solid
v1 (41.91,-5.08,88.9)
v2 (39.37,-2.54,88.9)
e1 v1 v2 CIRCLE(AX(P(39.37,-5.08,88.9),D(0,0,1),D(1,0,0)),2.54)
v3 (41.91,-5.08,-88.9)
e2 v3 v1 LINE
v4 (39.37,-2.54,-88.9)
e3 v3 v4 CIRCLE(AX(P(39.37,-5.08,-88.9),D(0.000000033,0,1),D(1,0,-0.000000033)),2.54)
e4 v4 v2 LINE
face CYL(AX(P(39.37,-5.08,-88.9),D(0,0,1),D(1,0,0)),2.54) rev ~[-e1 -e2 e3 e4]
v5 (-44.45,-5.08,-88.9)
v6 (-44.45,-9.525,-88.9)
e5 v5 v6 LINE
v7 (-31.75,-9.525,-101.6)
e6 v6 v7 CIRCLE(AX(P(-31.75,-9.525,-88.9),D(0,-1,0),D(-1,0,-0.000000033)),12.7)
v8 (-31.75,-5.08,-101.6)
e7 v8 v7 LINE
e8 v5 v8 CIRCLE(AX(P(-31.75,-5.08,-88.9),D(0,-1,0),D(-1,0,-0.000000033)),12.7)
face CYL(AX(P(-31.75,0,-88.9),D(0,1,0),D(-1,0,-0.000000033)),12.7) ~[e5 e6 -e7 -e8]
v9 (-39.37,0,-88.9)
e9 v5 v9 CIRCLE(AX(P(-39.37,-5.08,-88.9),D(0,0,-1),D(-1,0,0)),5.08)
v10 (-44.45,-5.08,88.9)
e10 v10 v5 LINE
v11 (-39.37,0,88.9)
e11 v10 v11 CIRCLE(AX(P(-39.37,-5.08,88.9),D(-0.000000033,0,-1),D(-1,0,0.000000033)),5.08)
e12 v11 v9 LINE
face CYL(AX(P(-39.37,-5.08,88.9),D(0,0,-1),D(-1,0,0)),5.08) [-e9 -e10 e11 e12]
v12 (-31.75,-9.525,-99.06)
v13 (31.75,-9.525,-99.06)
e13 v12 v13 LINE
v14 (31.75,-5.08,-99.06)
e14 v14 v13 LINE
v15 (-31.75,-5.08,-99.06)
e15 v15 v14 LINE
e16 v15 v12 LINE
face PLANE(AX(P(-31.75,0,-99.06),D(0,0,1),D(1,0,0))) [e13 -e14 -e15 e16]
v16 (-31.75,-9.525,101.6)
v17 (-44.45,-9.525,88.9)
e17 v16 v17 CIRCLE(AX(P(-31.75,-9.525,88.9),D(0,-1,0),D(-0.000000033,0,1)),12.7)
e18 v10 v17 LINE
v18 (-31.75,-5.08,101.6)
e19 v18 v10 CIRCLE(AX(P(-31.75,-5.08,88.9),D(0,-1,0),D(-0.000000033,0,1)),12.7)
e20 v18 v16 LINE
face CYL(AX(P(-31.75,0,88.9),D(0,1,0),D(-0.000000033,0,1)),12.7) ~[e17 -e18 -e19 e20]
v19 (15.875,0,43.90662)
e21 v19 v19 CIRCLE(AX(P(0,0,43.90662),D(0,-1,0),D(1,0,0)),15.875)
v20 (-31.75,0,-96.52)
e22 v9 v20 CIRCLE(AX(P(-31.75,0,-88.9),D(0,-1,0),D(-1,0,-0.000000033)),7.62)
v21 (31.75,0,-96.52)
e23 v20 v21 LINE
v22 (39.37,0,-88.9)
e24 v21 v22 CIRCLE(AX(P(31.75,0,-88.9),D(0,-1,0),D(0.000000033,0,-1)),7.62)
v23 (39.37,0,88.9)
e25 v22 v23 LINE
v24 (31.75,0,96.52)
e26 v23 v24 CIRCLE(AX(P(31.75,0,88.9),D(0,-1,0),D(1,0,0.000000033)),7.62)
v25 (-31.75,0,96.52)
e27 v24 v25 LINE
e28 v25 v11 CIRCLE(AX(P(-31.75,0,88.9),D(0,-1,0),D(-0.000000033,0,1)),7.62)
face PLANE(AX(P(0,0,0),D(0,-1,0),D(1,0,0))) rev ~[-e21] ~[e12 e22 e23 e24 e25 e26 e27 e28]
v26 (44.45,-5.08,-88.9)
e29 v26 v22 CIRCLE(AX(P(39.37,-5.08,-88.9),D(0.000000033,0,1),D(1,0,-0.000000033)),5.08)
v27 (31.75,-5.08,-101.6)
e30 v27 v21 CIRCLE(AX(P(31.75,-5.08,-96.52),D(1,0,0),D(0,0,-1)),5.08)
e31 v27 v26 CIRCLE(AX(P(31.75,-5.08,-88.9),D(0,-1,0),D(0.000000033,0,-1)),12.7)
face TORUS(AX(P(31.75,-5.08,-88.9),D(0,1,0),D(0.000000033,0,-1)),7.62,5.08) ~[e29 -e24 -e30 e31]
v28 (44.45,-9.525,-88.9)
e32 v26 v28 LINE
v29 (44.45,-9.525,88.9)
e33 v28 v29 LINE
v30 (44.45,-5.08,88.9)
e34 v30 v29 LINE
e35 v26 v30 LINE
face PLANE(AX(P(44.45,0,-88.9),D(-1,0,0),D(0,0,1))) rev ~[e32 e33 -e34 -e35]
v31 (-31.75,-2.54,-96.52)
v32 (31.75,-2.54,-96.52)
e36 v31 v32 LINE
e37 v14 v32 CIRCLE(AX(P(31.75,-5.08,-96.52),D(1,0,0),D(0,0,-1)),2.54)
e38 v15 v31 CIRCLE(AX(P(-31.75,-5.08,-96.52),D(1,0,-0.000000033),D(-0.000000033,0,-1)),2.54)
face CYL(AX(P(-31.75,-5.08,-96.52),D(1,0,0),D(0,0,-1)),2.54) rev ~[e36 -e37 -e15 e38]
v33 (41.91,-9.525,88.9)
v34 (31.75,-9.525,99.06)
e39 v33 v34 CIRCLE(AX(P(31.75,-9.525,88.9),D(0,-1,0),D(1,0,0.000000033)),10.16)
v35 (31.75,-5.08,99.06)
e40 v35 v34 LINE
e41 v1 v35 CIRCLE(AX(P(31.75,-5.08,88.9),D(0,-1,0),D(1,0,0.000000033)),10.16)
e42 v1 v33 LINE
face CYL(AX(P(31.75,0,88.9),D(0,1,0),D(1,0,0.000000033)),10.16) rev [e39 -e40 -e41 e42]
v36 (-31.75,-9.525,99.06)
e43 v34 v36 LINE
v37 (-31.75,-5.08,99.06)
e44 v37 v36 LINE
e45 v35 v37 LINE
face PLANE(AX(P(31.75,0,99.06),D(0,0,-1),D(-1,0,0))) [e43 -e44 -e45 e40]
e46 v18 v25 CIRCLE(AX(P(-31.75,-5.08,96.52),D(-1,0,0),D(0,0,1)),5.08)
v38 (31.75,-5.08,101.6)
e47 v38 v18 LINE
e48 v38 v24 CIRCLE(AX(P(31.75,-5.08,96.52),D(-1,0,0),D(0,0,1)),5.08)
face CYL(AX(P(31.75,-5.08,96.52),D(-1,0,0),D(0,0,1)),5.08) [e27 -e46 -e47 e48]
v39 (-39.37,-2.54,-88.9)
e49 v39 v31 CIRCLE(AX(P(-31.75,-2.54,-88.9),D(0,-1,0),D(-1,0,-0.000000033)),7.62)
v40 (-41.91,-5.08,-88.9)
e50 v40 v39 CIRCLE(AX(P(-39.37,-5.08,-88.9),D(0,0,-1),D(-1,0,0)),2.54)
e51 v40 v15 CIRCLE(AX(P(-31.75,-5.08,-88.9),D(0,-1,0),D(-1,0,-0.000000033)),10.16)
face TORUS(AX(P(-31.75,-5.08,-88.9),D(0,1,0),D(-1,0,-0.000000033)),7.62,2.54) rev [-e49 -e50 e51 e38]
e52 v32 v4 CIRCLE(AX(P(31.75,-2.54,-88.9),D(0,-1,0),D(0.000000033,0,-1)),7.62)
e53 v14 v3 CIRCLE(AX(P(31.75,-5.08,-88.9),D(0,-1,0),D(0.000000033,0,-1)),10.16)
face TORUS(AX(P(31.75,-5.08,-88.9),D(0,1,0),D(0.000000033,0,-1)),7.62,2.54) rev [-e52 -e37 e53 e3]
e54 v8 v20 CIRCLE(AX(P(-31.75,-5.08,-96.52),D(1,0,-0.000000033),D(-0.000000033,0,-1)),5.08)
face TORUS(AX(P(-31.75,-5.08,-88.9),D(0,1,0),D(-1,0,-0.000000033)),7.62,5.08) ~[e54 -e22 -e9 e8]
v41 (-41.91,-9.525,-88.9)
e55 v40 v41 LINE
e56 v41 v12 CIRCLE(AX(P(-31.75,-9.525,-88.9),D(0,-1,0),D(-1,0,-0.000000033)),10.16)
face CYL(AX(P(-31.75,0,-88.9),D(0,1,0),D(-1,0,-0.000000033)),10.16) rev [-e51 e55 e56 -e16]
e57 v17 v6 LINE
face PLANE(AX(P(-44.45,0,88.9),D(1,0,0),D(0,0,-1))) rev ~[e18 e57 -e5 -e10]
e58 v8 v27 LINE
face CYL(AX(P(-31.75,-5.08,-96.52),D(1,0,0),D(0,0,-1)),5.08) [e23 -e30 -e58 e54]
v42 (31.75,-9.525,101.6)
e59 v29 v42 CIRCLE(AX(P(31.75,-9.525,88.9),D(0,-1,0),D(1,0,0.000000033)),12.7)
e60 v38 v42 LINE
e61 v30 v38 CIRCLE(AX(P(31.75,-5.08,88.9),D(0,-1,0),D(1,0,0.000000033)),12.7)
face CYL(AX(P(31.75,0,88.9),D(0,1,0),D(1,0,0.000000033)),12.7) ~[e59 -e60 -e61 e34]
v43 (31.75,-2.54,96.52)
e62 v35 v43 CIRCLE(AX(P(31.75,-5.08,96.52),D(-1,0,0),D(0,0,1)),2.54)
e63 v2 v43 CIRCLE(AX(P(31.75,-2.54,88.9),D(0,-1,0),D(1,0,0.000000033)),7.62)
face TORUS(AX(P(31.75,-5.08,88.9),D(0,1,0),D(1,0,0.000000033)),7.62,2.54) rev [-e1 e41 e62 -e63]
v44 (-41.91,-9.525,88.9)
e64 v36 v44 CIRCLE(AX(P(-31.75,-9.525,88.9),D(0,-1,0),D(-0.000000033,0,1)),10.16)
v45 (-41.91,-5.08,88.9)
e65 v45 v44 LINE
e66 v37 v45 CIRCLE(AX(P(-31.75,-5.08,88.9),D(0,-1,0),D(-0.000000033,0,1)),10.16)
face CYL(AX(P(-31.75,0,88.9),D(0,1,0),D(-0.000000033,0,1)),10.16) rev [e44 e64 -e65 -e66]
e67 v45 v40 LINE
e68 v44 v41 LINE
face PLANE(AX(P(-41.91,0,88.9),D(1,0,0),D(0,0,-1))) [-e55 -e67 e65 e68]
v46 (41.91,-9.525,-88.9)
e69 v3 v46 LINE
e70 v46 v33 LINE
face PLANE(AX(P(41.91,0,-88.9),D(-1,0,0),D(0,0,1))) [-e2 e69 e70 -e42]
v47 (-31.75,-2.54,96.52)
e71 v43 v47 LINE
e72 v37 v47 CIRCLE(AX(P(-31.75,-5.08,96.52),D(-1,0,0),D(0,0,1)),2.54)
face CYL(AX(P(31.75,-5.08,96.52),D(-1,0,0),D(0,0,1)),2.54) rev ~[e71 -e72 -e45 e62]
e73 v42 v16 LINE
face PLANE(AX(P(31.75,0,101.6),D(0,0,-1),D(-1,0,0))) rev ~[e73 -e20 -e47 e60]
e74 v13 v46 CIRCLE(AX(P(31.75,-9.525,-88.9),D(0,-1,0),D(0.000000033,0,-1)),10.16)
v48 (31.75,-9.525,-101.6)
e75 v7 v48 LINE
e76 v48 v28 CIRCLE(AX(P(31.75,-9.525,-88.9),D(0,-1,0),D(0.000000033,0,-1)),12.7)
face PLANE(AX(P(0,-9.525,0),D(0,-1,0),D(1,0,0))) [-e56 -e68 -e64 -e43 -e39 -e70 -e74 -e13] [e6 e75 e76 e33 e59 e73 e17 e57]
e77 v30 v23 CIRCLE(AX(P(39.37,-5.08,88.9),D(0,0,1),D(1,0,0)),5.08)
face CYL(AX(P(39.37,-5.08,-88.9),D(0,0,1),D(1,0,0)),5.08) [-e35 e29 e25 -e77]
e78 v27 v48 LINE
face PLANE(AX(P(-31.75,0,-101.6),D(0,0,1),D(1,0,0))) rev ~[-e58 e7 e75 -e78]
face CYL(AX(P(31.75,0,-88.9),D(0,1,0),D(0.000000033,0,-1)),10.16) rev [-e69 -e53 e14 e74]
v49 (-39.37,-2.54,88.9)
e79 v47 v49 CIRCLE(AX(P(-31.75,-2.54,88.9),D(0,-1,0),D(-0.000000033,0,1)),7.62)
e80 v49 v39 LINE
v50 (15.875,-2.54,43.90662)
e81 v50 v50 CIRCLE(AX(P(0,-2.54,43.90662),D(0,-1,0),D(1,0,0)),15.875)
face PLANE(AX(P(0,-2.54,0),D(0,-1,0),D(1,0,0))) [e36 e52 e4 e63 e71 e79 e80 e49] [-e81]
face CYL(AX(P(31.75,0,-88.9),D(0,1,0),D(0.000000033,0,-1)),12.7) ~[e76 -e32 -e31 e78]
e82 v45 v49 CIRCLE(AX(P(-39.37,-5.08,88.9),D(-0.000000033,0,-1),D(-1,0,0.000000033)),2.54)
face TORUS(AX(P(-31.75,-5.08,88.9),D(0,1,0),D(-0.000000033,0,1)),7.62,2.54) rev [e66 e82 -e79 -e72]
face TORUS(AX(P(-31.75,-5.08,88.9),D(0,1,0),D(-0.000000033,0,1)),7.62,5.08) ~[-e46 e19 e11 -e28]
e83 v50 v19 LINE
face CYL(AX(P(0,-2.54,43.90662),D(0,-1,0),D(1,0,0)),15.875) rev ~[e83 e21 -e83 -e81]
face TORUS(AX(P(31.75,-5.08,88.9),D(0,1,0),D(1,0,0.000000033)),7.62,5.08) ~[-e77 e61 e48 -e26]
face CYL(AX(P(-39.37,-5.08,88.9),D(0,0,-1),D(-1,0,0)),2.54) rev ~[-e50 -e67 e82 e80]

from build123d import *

# Parameters (mm, degrees)
F1_DEPTH = 9.525
F2_R     = 5.08
F3_T     = -2.54
F4_R     = 15.875
F5_DEPTH = 25.4


with BuildPart() as f1:
    # F0 (on Front) → F1 (new body)
    with BuildSketch(Plane.XZ):
        with BuildLine():
            Line((31.75, 101.6), (-31.75, 101.6))
            ThreePointArc((-31.75, 101.6), (-40.730256, 97.880256), (-44.45, 88.9))
            Line((-44.45, 88.9), (-44.45, -88.9))
            ThreePointArc((-44.45, -88.9), (-40.730256, -97.880256), (-31.75, -101.6))
            Line((-31.75, -101.6), (31.75, -101.6))
            ThreePointArc((31.75, -101.6), (40.730256, -97.880256), (44.45, -88.9))
            Line((44.45, -88.9), (44.45, 88.9))
            ThreePointArc((44.45, 88.9), (40.730256, 97.880256), (31.75, 101.6))
        make_face()
    extrude(amount=F1_DEPTH)

    # F2
    f2_edges = [f1.edges().sort_by_distance(p)[0] for p in [
        (0, 0, 101.6),
        (-40.730256, 0, 97.880256),
        (-44.45, 0, 0),
        (-40.730256, 0, -97.880256),
        (0, 0, -101.6),
        (40.730256, 0, -97.880256),
        (44.45, 0, 0),
        (40.730256, 0, 97.880256),
    ]]
    fillet(f2_edges, radius=F2_R)

    # F3
    f3_openings = [f1.faces().sort_by_distance(p)[0] for p in [
        (0, -9.525, 0),
    ]]
    offset(amount=F3_T, openings=f3_openings)

    # F4 (on face) → F5 (cut)
    with BuildSketch(Plane.XZ.offset(2.54)):
        with Locations((0, 43.90662)):
            Circle(F4_R)
    extrude(amount=-F5_DEPTH, mode=Mode.SUBTRACT)


solid = f1.part
